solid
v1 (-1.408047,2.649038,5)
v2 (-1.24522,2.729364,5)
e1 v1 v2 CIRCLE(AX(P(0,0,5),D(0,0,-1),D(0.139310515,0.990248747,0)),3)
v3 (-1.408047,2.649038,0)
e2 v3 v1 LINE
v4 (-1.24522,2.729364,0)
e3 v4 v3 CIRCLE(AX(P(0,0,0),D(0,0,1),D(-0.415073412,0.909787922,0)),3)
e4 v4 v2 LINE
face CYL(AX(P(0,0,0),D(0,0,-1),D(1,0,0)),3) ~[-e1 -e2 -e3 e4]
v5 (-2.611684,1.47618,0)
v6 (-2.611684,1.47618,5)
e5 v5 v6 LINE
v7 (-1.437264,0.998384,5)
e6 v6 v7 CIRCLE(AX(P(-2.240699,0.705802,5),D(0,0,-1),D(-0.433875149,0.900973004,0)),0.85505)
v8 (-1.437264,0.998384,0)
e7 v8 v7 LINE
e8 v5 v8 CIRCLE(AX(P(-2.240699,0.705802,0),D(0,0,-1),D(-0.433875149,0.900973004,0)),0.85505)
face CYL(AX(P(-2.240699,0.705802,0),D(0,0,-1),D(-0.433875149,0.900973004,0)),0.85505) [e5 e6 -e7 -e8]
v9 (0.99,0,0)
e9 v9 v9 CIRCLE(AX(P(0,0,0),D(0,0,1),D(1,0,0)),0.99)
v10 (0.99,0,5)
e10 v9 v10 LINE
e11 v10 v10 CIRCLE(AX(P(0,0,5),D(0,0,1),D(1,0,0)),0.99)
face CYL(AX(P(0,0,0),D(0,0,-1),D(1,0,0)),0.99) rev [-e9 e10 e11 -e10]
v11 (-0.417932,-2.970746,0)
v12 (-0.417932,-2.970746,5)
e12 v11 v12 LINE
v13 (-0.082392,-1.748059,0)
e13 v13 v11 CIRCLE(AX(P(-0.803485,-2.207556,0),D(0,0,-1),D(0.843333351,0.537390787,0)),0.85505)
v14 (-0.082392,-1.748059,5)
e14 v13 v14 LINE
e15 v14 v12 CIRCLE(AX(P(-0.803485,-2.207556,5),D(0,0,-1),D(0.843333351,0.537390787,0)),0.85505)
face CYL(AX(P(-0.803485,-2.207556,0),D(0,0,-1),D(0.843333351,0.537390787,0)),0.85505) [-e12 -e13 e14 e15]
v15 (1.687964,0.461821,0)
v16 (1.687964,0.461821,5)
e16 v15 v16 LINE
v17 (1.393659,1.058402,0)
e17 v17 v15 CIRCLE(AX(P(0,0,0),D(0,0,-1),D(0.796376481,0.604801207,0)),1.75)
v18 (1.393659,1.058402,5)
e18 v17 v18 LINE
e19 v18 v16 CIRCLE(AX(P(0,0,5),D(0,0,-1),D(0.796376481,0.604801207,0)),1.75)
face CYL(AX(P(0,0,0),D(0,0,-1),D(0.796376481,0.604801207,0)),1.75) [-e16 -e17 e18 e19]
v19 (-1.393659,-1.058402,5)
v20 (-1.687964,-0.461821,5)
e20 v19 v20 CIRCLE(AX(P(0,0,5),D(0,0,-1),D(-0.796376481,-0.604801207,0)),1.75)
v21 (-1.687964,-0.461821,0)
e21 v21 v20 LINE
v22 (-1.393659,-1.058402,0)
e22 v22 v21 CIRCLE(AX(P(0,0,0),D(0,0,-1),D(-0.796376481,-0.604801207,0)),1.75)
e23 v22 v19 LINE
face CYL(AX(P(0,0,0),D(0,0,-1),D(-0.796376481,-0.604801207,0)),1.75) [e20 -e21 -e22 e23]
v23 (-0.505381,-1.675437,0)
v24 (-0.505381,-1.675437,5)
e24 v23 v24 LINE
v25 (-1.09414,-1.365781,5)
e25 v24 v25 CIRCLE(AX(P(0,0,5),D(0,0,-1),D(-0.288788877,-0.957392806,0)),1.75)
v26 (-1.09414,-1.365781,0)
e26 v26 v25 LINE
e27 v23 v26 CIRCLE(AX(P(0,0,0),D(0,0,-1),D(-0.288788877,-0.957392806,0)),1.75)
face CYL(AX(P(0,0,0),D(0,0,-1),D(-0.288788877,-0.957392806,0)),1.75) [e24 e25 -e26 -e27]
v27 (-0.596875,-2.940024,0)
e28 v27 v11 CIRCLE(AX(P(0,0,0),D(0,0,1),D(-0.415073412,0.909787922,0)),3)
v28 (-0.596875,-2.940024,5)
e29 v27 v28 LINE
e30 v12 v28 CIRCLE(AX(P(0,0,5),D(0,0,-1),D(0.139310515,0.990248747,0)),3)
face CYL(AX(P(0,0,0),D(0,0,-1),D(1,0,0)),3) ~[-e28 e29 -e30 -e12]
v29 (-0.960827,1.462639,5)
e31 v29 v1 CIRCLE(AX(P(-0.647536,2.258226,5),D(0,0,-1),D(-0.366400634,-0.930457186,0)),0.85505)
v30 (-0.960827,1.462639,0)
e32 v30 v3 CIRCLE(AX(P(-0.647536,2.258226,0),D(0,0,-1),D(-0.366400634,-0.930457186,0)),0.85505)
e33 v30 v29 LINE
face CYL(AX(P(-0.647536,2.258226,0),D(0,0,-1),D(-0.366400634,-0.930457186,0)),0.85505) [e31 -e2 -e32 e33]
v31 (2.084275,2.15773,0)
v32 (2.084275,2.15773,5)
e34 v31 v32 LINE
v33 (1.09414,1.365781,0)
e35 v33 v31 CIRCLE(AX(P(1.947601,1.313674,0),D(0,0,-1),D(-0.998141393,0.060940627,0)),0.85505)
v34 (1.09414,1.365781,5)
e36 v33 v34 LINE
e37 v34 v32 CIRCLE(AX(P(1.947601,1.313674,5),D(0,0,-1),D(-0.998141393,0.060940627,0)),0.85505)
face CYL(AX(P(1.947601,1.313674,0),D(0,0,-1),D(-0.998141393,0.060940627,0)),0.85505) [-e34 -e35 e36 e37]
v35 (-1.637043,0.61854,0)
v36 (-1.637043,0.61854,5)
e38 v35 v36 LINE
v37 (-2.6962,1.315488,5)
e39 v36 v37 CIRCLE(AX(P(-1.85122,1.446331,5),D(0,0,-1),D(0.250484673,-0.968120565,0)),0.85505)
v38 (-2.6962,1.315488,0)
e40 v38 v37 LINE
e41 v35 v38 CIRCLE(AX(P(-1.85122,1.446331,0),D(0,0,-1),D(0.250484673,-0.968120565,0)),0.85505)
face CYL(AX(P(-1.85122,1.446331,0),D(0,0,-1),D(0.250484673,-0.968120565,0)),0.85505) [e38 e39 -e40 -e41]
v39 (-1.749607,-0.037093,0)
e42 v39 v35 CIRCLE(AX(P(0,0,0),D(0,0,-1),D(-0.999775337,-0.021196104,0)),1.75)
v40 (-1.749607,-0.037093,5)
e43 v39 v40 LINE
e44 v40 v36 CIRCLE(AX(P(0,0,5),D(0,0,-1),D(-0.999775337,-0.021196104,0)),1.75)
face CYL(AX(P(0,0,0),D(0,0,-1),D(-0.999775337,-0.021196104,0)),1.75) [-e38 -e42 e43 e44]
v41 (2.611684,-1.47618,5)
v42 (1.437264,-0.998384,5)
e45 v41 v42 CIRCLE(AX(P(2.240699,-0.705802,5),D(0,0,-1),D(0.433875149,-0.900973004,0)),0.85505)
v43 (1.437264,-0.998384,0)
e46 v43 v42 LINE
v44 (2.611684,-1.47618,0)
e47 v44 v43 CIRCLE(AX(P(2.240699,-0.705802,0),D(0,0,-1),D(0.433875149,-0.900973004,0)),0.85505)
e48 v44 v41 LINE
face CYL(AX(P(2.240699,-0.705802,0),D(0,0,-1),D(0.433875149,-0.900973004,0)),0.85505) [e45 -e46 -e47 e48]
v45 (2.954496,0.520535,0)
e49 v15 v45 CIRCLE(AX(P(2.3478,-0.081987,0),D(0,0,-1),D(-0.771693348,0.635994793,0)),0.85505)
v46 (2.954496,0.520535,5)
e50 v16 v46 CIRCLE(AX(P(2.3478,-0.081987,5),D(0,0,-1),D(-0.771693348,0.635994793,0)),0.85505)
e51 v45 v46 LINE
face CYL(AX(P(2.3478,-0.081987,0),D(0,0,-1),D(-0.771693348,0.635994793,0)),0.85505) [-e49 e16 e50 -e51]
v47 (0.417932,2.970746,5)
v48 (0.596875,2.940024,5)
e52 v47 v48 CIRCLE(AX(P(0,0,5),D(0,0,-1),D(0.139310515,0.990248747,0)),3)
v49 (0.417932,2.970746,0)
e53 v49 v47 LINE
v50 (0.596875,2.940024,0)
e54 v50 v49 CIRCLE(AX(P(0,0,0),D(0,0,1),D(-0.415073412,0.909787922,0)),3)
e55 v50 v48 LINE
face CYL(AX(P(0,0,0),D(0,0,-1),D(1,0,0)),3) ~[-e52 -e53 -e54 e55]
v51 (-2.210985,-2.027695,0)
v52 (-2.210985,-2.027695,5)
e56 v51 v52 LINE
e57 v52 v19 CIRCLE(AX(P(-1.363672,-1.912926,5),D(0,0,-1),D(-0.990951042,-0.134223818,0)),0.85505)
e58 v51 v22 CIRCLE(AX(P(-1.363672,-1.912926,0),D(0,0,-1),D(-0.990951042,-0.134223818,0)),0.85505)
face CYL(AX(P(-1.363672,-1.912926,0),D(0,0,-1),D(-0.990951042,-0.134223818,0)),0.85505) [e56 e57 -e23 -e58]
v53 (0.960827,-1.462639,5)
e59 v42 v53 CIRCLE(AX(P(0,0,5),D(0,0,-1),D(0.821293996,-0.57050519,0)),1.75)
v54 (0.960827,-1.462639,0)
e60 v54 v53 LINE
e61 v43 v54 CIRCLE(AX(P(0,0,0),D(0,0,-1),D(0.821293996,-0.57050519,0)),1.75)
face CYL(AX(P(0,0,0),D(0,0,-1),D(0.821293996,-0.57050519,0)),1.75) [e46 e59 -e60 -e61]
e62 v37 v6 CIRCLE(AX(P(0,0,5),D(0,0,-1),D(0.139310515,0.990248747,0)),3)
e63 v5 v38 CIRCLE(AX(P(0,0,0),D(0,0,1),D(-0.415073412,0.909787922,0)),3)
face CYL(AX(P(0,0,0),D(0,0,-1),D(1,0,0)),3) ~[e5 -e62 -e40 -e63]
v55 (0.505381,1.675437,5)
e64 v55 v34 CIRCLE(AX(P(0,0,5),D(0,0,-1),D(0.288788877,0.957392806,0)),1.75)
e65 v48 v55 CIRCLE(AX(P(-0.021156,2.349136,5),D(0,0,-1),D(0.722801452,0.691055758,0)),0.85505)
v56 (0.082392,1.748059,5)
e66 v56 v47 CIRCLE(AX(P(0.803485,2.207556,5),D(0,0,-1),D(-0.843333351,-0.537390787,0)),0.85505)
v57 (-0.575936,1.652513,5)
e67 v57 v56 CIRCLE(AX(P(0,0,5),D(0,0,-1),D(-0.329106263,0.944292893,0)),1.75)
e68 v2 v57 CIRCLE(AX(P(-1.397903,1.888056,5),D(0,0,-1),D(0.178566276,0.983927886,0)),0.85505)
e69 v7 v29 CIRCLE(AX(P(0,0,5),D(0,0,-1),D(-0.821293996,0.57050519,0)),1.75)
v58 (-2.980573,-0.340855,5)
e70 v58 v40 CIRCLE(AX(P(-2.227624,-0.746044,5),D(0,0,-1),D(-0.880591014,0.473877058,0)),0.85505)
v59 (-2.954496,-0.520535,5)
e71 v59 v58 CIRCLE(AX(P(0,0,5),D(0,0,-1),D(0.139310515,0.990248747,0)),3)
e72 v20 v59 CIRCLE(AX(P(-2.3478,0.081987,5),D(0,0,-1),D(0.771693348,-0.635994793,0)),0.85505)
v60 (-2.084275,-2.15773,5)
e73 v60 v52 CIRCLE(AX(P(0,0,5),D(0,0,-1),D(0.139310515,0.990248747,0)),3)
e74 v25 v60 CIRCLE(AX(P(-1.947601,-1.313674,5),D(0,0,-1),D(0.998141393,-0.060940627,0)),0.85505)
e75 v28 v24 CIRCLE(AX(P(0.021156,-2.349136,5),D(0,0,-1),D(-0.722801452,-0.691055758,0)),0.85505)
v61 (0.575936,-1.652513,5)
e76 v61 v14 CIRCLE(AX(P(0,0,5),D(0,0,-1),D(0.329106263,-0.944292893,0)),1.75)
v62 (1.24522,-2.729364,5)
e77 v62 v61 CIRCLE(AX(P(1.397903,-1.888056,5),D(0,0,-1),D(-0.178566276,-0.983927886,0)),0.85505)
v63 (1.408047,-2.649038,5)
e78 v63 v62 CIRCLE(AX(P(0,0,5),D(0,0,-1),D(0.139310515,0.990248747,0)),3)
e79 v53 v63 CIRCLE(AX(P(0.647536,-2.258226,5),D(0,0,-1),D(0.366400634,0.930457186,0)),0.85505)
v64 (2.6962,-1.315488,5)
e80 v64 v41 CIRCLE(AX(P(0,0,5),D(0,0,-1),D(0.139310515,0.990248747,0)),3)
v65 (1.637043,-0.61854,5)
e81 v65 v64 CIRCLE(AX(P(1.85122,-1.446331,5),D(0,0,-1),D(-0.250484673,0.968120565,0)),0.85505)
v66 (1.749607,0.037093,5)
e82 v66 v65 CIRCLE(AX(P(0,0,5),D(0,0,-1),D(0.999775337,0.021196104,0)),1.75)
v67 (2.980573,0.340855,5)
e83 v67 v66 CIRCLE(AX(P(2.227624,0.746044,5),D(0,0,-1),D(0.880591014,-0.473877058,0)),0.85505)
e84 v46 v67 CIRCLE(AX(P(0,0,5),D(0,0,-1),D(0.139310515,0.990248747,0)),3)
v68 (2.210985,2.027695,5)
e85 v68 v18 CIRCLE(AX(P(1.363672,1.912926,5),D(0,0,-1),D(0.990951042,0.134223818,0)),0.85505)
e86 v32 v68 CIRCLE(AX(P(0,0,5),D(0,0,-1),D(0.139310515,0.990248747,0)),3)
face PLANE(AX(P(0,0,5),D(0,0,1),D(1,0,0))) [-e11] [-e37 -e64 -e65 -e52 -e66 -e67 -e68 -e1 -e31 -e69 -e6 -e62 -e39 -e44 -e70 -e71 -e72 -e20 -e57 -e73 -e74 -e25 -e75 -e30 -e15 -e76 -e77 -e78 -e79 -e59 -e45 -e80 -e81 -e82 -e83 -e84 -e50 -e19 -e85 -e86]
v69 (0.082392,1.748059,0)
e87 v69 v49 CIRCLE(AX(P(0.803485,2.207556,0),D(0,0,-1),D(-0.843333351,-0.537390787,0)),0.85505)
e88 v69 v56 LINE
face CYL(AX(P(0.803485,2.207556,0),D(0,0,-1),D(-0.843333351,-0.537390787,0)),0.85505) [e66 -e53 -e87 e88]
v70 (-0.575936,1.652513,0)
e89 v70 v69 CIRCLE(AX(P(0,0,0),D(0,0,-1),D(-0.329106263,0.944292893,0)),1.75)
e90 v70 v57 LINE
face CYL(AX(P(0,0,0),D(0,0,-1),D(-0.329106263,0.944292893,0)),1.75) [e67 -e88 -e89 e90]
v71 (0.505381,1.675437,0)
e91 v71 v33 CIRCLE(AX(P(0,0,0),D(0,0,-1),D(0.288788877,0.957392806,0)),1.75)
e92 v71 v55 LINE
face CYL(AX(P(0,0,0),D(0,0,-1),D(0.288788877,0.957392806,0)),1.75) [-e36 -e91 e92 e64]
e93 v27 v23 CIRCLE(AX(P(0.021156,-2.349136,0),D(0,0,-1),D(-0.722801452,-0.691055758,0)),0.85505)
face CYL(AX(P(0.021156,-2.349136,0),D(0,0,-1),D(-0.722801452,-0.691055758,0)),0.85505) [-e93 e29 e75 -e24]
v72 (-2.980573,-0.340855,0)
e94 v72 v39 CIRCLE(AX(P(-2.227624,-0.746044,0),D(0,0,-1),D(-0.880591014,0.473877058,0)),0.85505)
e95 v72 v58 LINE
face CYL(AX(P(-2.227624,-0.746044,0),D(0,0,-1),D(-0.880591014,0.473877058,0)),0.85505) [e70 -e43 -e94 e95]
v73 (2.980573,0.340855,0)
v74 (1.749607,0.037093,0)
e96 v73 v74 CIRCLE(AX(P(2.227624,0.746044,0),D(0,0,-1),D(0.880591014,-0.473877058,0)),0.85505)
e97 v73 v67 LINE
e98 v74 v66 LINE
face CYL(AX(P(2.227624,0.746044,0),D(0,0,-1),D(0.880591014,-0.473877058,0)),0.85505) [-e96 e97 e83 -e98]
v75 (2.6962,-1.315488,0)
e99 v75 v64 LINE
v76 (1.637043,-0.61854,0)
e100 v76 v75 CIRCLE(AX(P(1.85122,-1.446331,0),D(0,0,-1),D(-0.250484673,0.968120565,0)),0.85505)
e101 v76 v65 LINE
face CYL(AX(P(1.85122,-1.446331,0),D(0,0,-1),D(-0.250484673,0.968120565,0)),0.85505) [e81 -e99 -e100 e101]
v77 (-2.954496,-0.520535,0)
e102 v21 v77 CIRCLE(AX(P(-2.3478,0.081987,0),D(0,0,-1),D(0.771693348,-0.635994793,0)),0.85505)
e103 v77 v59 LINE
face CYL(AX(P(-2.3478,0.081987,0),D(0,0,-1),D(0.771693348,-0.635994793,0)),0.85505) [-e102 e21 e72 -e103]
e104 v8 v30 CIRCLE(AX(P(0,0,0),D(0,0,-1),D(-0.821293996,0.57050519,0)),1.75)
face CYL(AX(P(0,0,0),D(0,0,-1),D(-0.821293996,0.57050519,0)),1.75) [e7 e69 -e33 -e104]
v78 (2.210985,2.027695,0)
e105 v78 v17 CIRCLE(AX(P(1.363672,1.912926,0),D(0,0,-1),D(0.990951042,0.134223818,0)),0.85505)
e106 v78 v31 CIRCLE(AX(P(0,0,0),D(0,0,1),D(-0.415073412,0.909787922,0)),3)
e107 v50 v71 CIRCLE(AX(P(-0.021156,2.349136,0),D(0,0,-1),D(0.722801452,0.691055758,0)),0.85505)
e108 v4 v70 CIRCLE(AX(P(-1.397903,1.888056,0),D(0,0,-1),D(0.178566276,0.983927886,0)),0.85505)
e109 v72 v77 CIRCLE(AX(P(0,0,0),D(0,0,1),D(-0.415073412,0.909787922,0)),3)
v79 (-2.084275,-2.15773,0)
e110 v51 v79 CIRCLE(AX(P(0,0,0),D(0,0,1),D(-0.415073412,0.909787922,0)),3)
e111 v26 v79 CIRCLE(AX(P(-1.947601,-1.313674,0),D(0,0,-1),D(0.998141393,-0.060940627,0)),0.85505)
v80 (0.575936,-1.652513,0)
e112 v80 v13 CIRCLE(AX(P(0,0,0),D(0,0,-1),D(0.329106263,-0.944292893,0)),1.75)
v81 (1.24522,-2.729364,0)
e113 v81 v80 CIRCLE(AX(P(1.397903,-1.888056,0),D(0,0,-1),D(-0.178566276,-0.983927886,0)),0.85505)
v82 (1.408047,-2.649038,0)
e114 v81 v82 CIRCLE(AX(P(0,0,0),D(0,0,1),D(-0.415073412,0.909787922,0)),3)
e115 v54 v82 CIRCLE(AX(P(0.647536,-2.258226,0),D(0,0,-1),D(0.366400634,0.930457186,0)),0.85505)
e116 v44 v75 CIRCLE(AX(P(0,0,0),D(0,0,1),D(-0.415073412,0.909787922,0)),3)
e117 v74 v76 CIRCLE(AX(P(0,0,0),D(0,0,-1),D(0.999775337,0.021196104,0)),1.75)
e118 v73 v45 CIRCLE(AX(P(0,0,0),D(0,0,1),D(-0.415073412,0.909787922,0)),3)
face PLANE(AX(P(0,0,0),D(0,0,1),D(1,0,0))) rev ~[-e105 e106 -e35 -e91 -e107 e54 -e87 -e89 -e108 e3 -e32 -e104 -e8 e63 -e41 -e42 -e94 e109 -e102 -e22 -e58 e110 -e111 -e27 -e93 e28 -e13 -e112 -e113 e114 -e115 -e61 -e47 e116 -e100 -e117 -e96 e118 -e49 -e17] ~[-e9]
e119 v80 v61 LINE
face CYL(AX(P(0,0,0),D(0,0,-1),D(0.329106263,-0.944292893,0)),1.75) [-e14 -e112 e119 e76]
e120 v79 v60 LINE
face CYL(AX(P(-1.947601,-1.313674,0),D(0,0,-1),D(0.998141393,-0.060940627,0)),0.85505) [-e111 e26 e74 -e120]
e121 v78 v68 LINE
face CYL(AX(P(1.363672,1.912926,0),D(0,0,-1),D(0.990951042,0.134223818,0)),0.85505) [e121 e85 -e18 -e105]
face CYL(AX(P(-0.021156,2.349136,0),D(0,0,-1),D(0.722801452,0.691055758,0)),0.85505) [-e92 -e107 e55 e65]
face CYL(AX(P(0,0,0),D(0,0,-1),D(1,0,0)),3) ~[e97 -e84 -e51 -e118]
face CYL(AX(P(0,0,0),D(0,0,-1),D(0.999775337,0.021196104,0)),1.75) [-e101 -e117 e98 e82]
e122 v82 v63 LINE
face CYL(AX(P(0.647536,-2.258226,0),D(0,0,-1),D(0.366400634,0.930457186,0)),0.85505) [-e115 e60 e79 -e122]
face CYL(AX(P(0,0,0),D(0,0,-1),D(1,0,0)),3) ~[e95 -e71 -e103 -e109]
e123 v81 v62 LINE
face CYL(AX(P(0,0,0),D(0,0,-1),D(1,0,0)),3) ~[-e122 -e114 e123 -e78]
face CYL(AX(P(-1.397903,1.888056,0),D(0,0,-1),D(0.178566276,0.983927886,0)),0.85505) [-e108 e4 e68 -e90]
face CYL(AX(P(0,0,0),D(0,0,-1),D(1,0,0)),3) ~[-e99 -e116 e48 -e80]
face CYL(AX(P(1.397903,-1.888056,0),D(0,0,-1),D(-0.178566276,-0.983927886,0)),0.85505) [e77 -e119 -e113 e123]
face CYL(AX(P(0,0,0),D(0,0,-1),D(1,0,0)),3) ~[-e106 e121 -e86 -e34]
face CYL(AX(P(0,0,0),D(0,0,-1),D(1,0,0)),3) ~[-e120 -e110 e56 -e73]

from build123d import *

# Parameters (mm, degrees)
CROQUIS1_R              = 3
CROQUIS1_R_2            = 0.99
SALIENTE_EXTRUIR1_DEPTH = 5
CORTAR_EXTRUIR1_START   = -5
CORTAR_EXTRUIR1_DEPTH   = 5
MATRIZC1_COUNT          = 10


with BuildPart() as part:
    # Croquis1 → Saliente-Extruir1 (new body)
    with BuildSketch(Plane.XY):
        Circle(CROQUIS1_R)
        Circle(CROQUIS1_R_2, mode=Mode.SUBTRACT)
    extrude(amount=SALIENTE_EXTRUIR1_DEPTH)

    # Croquis2 → Cortar-Extruir1 (cut)
    with BuildSketch(Plane.XY.offset(5).offset(CORTAR_EXTRUIR1_START)):
        with BuildLine():
            ThreePointArc((0.417931544, 2.97074624), (-0.430892121, 2.968894067), (-1.245220237, 2.729363765))
            ThreePointArc((-1.245220237, 2.729363765), (-0.671688501, 2.339412764), (-0.575935961, 1.652512562))
            ThreePointArc((-0.575935961, 1.652512562), (-0.251353737, 1.731854872), (0.082392028, 1.748059368))
            ThreePointArc((0.082392028, 1.748059368), (-0.021080122, 2.433839179), (0.417931544, 2.97074624))
        make_face()
    cortar_extruir1 = extrude(amount=CORTAR_EXTRUIR1_DEPTH, mode=Mode.SUBTRACT)

    # MatrizC1: Cortar-Extruir1 ×10 about axis
    matrizc1_axis = Axis((0, 0, 0), (0, 0, 1))
    for i in range(1, MATRIZC1_COUNT):
        add(cortar_extruir1.rotate(matrizc1_axis, i * 360 / MATRIZC1_COUNT), mode=Mode.SUBTRACT)


solid = part.part
